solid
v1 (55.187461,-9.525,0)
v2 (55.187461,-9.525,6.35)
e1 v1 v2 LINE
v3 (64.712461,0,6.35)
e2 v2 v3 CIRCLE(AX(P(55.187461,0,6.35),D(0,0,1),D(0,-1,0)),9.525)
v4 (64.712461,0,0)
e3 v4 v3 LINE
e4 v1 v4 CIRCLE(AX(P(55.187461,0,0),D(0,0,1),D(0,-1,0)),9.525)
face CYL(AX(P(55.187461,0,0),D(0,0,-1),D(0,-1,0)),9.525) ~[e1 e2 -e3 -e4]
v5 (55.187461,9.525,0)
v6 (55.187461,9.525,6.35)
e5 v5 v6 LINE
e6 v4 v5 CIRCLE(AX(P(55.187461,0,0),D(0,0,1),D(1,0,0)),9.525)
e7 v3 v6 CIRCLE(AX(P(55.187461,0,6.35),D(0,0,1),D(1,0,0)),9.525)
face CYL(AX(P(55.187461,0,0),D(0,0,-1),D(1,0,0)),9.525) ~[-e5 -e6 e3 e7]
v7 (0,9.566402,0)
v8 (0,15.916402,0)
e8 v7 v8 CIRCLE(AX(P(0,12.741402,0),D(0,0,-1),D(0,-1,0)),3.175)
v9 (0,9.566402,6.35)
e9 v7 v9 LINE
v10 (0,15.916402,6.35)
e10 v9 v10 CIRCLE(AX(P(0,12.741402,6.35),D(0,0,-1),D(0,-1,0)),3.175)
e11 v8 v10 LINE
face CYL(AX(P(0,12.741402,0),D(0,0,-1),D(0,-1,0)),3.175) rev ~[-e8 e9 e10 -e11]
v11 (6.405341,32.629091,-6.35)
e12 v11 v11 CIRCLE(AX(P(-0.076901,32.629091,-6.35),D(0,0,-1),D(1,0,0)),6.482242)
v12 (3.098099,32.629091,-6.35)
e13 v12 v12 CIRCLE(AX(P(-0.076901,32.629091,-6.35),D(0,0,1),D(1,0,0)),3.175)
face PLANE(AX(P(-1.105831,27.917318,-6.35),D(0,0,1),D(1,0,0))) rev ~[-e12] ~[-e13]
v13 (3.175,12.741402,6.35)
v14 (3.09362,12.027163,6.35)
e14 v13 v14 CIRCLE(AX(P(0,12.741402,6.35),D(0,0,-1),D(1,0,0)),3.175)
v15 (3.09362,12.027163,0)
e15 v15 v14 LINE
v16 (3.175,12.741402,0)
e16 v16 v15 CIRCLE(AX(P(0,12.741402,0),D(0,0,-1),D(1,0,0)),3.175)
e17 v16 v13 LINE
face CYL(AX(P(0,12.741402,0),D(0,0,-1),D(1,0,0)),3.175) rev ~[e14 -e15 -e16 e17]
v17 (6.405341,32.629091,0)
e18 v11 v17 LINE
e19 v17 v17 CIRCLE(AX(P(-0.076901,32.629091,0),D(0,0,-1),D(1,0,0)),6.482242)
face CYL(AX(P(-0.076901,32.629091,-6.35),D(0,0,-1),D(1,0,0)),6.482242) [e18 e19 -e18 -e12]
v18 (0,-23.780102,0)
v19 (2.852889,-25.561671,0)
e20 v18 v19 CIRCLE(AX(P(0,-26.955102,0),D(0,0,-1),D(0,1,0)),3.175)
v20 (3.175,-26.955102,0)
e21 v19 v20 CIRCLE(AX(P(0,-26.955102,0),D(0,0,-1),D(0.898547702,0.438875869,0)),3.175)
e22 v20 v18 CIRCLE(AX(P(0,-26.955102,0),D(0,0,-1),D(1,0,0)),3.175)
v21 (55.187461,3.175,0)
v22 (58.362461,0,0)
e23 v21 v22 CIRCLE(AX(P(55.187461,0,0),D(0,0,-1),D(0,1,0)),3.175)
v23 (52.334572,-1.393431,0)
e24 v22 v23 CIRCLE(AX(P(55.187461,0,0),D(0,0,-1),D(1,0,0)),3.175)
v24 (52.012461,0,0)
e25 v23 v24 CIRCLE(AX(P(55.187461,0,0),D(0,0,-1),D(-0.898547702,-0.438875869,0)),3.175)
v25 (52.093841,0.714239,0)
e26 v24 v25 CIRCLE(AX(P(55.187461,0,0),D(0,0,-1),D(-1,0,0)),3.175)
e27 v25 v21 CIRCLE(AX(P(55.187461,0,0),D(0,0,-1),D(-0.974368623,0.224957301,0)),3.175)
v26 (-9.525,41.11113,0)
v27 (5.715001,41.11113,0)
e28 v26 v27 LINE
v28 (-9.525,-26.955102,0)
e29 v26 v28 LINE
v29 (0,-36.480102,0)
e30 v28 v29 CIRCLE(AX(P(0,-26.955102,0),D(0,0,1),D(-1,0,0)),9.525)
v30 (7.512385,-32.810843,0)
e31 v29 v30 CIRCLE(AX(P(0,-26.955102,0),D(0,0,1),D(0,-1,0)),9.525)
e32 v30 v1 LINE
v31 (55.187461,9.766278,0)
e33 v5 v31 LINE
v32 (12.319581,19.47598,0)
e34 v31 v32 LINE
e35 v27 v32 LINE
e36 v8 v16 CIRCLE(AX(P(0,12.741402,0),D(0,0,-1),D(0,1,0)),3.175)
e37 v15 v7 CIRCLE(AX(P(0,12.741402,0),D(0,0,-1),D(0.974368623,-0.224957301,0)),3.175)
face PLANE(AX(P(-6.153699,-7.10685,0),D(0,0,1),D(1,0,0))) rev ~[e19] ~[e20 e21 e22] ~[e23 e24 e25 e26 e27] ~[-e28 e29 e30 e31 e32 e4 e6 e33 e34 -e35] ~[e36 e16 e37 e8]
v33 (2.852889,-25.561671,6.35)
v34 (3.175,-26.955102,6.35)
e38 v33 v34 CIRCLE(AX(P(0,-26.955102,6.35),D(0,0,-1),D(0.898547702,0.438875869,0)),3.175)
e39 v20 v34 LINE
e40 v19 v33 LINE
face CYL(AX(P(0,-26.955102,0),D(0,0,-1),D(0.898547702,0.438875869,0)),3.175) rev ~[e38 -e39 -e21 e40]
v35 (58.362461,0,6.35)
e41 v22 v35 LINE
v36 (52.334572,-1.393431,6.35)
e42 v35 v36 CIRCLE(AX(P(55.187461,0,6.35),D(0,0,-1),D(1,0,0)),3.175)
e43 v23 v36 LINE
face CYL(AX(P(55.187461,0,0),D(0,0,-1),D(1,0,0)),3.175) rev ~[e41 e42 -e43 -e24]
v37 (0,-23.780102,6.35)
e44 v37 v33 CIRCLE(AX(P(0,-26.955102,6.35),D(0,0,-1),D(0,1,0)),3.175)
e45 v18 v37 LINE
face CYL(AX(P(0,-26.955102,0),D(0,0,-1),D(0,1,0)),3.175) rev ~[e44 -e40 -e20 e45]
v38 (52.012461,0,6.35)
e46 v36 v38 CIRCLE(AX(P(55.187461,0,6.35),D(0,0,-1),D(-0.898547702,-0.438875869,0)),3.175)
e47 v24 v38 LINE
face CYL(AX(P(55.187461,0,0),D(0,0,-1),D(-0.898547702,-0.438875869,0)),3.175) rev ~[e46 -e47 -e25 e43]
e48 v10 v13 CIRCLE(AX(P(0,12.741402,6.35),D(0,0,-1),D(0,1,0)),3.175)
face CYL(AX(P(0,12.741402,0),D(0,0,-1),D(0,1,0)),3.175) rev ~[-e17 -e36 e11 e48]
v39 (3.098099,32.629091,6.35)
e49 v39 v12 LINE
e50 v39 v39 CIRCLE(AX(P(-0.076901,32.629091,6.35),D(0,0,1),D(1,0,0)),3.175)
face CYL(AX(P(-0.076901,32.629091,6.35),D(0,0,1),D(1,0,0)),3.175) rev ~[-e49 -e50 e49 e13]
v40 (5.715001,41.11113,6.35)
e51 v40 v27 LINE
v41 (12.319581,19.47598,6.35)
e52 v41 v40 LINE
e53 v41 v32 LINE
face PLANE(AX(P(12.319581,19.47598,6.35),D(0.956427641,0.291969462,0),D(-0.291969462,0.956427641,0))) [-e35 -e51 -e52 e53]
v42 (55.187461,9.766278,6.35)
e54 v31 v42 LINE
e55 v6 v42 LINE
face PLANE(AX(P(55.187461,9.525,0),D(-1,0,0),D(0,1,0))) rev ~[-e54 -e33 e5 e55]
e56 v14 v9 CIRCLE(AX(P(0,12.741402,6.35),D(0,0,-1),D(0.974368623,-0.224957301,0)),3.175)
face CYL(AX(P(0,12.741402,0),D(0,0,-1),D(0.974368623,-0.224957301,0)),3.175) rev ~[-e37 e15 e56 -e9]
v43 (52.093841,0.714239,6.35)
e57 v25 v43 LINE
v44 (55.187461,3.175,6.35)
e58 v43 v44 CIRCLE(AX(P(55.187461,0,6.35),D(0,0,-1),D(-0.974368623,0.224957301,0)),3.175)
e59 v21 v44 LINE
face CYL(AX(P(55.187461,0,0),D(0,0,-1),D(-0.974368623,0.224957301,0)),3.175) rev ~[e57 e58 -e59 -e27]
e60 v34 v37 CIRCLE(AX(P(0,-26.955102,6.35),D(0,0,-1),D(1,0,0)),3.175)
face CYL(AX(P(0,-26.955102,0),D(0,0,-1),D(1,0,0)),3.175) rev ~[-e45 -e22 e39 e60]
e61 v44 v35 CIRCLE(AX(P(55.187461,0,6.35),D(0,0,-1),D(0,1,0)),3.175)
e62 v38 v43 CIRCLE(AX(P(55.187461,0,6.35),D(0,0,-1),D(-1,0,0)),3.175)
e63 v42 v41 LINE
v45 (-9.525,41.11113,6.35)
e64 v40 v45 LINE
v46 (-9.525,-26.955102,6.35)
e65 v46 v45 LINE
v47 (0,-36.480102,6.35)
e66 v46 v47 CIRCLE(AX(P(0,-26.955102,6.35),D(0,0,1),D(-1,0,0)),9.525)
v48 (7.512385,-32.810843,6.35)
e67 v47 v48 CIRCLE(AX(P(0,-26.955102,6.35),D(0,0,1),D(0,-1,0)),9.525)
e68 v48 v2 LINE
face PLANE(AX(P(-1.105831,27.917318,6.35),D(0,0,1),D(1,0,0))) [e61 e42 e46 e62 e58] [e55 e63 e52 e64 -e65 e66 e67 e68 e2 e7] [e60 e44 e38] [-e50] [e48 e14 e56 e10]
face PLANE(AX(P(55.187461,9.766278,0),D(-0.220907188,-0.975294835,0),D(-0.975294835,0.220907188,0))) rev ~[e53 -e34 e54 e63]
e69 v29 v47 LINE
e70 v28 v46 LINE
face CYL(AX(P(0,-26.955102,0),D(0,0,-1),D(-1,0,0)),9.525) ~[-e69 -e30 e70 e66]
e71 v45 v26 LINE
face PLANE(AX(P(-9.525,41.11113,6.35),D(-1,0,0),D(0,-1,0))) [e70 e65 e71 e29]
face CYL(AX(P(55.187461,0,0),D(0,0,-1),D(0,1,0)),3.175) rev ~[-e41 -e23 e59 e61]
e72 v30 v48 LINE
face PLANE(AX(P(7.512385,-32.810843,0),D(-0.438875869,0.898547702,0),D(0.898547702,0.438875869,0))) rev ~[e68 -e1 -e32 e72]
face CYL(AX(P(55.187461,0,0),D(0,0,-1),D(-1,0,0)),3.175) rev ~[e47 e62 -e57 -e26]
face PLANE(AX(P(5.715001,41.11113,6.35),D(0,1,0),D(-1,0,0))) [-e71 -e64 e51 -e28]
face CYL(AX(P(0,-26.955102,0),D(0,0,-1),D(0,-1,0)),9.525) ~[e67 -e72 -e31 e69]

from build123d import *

# Parameters (mm, degrees)
F1_DEPTH = 6.35
F2_R     = 3.175
F3_DEPTH = 12.7
F4_R     = 6.4822420389
F5_DEPTH = 6.35


with BuildPart() as f1:
    # F0 (on Top) → F1 (new body)
    with BuildSketch(Plane.XY):
        with BuildLine():
            Line((0, -17.430102046), (0, 0))
            Line((0, 0), (0, 3.216402))
            ThreePointArc((0, 3.216402), (-6.7351920908, 6.0062099092), (-9.525, 12.741402))
            Line((-9.525, 12.741402), (-9.525, -26.955102046))
            ThreePointArc((-9.525, -26.955102046), (-6.7351920908, -20.2199099552), (0, -17.430102046))
        make_face()
        with BuildLine():
            ThreePointArc((-9.525, 12.741402), (-6.7351920908, 6.0062099092), (0, 3.216402))
            Line((0, 3.216402), (0, 9.566402))
            ThreePointArc((0, 9.566402), (-3.175, 12.741402), (0, 15.916402))
            Line((0, 15.916402), (0, 22.266402))
            ThreePointArc((0, 22.266402), (-6.7351920908, 19.4765940908), (-9.525, 12.741402))
        make_face()
        with BuildLine():
            Line((0, -23.780102046), (0, -17.430102046))
            ThreePointArc((0, -17.430102046), (-6.7351920908, -20.2199099552), (-9.525, -26.955102046))
            ThreePointArc((-9.525, -26.955102046), (-6.7351920908, -33.6902941368), (0, -36.480102046))
            Line((0, -36.480102046), (7.5123847033, -32.8108429103))
            ThreePointArc((7.5123847033, -32.8108429103), (9.007804652, -30.0510801387), (9.525, -26.955102046))
            ThreePointArc((9.525, -26.955102046), (9.2802728088, -24.809837122), (8.5586668568, -22.7748093967))
            Line((8.5586668568, -22.7748093967), (2.8528889523, -25.5616711629))
            ThreePointArc((2.8528889523, -25.5616711629), (3.0934242696, -26.240013738), (3.175, -26.955102046))
            ThreePointArc((3.175, -26.955102046), (-2.2450640303, -29.2001660763), (0, -23.780102046))
        make_face()
        with BuildLine():
            ThreePointArc((9.525, 12.741402), (9.463768469, 11.6631110537), (9.2808611307, 10.5986837096))
            Line((9.2808611307, 10.5986837096), (45.9066000969, 2.1427182904))
            ThreePointArc((45.9066000969, 2.1427182904), (49.2580332078, 7.4543617002), (55.1874612276, 9.525))
            Line((55.1874612276, 9.525), (55.1874612276, 9.7662775009))
            Line((55.1874612276, 9.7662775009), (4.1043156247, 21.3367622748))
            ThreePointArc((4.1043156247, 21.3367622748), (8.0566503997, 17.8223477129), (9.525, 12.741402))
        make_face()
        with BuildLine():
            Line((3.0936203769, 12.0271625699), (9.2808611307, 10.5986837096))
            ThreePointArc((9.2808611307, 10.5986837096), (9.463768469, 11.6631110537), (9.525, 12.741402))
            ThreePointArc((9.525, 12.741402), (8.0566503997, 17.8223477129), (4.1043156247, 21.3367622748))
            Line((4.1043156247, 21.3367622748), (0, 22.266402))
            Line((0, 22.266402), (0, 15.916402))
            ThreePointArc((0, 15.916402), (2.2450640303, 14.9864660303), (3.175, 12.741402))
            ThreePointArc((3.175, 12.741402), (3.1545894897, 12.3819716846), (3.0936203769, 12.0271625699))
        make_face()
        with BuildLine():
            ThreePointArc((55.1874612276, 9.525), (49.2580332078, 7.4543617002), (45.9066000969, 2.1427182904))
            Line((45.9066000969, 2.1427182904), (52.0938408507, 0.7142394301))
            ThreePointArc((52.0938408507, 0.7142394301), (53.210985221, 2.4847872334), (55.1874612276, 3.175))
            Line((55.1874612276, 3.175), (55.1874612276, 9.525))
        make_face()
        with BuildLine():
            ThreePointArc((55.1874612276, -9.525), (50.1422487685, -8.0790752096), (46.6287943708, -4.1802926493))
            Line((46.6287943708, -4.1802926493), (8.5586668568, -22.7748093967))
            ThreePointArc((8.5586668568, -22.7748093967), (9.2802728088, -24.809837122), (9.525, -26.955102046))
            ThreePointArc((9.525, -26.955102046), (9.007804652, -30.0510801387), (7.5123847033, -32.8108429103))
            Line((7.5123847033, -32.8108429103), (55.1874612276, -9.525))
        make_face()
        with BuildLine():
            Line((52.3345722753, -1.3934308831), (46.6287943708, -4.1802926493))
            ThreePointArc((46.6287943708, -4.1802926493), (50.1422487685, -8.0790752096), (55.1874612276, -9.525))
            ThreePointArc((55.1874612276, -9.525), (61.9226533184, -6.7351920908), (64.7124612276, 0))
            ThreePointArc((64.7124612276, 0), (61.9226533184, 6.7351920908), (55.1874612276, 9.525))
            Line((55.1874612276, 9.525), (55.1874612276, 3.175))
            ThreePointArc((55.1874612276, 3.175), (57.4325252579, 2.2450640303), (58.3624612276, 0))
            ThreePointArc((58.3624612276, 0), (55.9025495356, -3.0934242696), (52.3345722753, -1.3934308831))
        make_face()
        with BuildLine():
            ThreePointArc((4.1043156247, 21.3367622748), (2.1041409628, 22.0310852997), (0, 22.266402))
            Line((0, 22.266402), (4.1043156247, 21.3367622748))
        make_face()
        with BuildLine():
            Line((7.5123847033, -32.8108429103), (0, -36.480102046))
            ThreePointArc((0, -36.480102046), (4.1802926493, -35.5137689028), (7.5123847033, -32.8108429103))
        make_face()
        with BuildLine():
            Line((0, 3.216402), (0, 0))
            Line((0, 0), (45.6624612276, 0))
            ThreePointArc((45.6624612276, 0), (45.7236927586, 1.0782909463), (45.9066000969, 2.1427182904))
            Line((45.9066000969, 2.1427182904), (9.2808611307, 10.5986837096))
            ThreePointArc((9.2808611307, 10.5986837096), (5.9294280198, 5.2870402998), (0, 3.216402))
        make_face()
        with BuildLine():
            Line((0, 9.566402), (0, 3.216402))
            ThreePointArc((0, 3.216402), (5.9294280198, 5.2870402998), (9.2808611307, 10.5986837096))
            Line((9.2808611307, 10.5986837096), (3.0936203769, 12.0271625699))
            ThreePointArc((3.0936203769, 12.0271625699), (1.9764760066, 10.2566147666), (0, 9.566402))
        make_face()
        with BuildLine():
            Line((45.6624612276, 0), (0, 0))
            Line((0, 0), (0, -17.430102046))
            ThreePointArc((0, -17.430102046), (5.0452124591, -18.8760268364), (8.5586668568, -22.7748093967))
            Line((8.5586668568, -22.7748093967), (46.6287943708, -4.1802926493))
            ThreePointArc((46.6287943708, -4.1802926493), (45.9071884188, -2.145264924), (45.6624612276, 0))
        make_face()
        with BuildLine():
            ThreePointArc((8.5586668568, -22.7748093967), (5.0452124591, -18.8760268364), (0, -17.430102046))
            Line((0, -17.430102046), (0, -23.780102046))
            ThreePointArc((0, -23.780102046), (1.6817374864, -24.2620769761), (2.8528889523, -25.5616711629))
            Line((2.8528889523, -25.5616711629), (8.5586668568, -22.7748093967))
        make_face()
        with BuildLine():
            Line((52.0124612276, 0), (45.6624612276, 0))
            ThreePointArc((45.6624612276, 0), (45.9071884188, -2.145264924), (46.6287943708, -4.1802926493))
            Line((46.6287943708, -4.1802926493), (52.3345722753, -1.3934308831))
            ThreePointArc((52.3345722753, -1.3934308831), (52.094036958, -0.715088308), (52.0124612276, 0))
        make_face()
        with BuildLine():
            ThreePointArc((45.9066000969, 2.1427182904), (45.7236927586, 1.0782909463), (45.6624612276, 0))
            Line((45.6624612276, 0), (52.0124612276, 0))
            ThreePointArc((52.0124612276, 0), (52.0328717379, 0.3594303154), (52.0938408507, 0.7142394301))
            Line((52.0938408507, 0.7142394301), (45.9066000969, 2.1427182904))
        make_face()
    extrude(amount=F1_DEPTH)

    # F2 (on face) → F3 (join)
    with BuildSketch(Plane.XY.offset(6.35)):
        with BuildLine():
            Line((-9.525, 41.1111302674), (-9.525, 12.741402))
            ThreePointArc((-9.525, 12.741402), (-5.0809457129, 20.7980523997), (4.1043156247, 21.3367622748))
            Line((4.1043156247, 21.3367622748), (12.3195811982, 19.4759801301))
            Line((12.3195811982, 19.4759801301), (5.7150009088, 41.1111302674))
            Line((5.7150009088, 41.1111302674), (-9.525, 41.1111302674))
        make_face()
        with Locations((-0.0769013266, 32.6290909023)):
            Circle(F2_R, mode=Mode.SUBTRACT)
    extrude(amount=-F3_DEPTH)

    # F4 (on face) → F5 (cut)
    with BuildSketch(Plane(origin=(0, 0, -6.35), x_dir=(1, 0, 0), z_dir=(0, 0, -1))):
        with BuildLine():
            Line((-9.525, -41.1111302674), (5.7150009088, -41.1111302674))
            Line((5.7150009088, -41.1111302674), (12.3195811982, -19.4759801301))
            Line((12.3195811982, -19.4759801301), (4.1043156247, -21.3367622748))
            ThreePointArc((4.1043156247, -21.3367622748), (-5.0809457129, -20.7980523997), (-9.525, -12.741402))
            Line((-9.525, -12.741402), (-9.525, -41.1111302674))
        make_face()
        with Locations((-0.0769013266, -32.6290909023)):
            Circle(F4_R, mode=Mode.SUBTRACT)
    extrude(amount=-F5_DEPTH, mode=Mode.SUBTRACT)


solid = f1.part
